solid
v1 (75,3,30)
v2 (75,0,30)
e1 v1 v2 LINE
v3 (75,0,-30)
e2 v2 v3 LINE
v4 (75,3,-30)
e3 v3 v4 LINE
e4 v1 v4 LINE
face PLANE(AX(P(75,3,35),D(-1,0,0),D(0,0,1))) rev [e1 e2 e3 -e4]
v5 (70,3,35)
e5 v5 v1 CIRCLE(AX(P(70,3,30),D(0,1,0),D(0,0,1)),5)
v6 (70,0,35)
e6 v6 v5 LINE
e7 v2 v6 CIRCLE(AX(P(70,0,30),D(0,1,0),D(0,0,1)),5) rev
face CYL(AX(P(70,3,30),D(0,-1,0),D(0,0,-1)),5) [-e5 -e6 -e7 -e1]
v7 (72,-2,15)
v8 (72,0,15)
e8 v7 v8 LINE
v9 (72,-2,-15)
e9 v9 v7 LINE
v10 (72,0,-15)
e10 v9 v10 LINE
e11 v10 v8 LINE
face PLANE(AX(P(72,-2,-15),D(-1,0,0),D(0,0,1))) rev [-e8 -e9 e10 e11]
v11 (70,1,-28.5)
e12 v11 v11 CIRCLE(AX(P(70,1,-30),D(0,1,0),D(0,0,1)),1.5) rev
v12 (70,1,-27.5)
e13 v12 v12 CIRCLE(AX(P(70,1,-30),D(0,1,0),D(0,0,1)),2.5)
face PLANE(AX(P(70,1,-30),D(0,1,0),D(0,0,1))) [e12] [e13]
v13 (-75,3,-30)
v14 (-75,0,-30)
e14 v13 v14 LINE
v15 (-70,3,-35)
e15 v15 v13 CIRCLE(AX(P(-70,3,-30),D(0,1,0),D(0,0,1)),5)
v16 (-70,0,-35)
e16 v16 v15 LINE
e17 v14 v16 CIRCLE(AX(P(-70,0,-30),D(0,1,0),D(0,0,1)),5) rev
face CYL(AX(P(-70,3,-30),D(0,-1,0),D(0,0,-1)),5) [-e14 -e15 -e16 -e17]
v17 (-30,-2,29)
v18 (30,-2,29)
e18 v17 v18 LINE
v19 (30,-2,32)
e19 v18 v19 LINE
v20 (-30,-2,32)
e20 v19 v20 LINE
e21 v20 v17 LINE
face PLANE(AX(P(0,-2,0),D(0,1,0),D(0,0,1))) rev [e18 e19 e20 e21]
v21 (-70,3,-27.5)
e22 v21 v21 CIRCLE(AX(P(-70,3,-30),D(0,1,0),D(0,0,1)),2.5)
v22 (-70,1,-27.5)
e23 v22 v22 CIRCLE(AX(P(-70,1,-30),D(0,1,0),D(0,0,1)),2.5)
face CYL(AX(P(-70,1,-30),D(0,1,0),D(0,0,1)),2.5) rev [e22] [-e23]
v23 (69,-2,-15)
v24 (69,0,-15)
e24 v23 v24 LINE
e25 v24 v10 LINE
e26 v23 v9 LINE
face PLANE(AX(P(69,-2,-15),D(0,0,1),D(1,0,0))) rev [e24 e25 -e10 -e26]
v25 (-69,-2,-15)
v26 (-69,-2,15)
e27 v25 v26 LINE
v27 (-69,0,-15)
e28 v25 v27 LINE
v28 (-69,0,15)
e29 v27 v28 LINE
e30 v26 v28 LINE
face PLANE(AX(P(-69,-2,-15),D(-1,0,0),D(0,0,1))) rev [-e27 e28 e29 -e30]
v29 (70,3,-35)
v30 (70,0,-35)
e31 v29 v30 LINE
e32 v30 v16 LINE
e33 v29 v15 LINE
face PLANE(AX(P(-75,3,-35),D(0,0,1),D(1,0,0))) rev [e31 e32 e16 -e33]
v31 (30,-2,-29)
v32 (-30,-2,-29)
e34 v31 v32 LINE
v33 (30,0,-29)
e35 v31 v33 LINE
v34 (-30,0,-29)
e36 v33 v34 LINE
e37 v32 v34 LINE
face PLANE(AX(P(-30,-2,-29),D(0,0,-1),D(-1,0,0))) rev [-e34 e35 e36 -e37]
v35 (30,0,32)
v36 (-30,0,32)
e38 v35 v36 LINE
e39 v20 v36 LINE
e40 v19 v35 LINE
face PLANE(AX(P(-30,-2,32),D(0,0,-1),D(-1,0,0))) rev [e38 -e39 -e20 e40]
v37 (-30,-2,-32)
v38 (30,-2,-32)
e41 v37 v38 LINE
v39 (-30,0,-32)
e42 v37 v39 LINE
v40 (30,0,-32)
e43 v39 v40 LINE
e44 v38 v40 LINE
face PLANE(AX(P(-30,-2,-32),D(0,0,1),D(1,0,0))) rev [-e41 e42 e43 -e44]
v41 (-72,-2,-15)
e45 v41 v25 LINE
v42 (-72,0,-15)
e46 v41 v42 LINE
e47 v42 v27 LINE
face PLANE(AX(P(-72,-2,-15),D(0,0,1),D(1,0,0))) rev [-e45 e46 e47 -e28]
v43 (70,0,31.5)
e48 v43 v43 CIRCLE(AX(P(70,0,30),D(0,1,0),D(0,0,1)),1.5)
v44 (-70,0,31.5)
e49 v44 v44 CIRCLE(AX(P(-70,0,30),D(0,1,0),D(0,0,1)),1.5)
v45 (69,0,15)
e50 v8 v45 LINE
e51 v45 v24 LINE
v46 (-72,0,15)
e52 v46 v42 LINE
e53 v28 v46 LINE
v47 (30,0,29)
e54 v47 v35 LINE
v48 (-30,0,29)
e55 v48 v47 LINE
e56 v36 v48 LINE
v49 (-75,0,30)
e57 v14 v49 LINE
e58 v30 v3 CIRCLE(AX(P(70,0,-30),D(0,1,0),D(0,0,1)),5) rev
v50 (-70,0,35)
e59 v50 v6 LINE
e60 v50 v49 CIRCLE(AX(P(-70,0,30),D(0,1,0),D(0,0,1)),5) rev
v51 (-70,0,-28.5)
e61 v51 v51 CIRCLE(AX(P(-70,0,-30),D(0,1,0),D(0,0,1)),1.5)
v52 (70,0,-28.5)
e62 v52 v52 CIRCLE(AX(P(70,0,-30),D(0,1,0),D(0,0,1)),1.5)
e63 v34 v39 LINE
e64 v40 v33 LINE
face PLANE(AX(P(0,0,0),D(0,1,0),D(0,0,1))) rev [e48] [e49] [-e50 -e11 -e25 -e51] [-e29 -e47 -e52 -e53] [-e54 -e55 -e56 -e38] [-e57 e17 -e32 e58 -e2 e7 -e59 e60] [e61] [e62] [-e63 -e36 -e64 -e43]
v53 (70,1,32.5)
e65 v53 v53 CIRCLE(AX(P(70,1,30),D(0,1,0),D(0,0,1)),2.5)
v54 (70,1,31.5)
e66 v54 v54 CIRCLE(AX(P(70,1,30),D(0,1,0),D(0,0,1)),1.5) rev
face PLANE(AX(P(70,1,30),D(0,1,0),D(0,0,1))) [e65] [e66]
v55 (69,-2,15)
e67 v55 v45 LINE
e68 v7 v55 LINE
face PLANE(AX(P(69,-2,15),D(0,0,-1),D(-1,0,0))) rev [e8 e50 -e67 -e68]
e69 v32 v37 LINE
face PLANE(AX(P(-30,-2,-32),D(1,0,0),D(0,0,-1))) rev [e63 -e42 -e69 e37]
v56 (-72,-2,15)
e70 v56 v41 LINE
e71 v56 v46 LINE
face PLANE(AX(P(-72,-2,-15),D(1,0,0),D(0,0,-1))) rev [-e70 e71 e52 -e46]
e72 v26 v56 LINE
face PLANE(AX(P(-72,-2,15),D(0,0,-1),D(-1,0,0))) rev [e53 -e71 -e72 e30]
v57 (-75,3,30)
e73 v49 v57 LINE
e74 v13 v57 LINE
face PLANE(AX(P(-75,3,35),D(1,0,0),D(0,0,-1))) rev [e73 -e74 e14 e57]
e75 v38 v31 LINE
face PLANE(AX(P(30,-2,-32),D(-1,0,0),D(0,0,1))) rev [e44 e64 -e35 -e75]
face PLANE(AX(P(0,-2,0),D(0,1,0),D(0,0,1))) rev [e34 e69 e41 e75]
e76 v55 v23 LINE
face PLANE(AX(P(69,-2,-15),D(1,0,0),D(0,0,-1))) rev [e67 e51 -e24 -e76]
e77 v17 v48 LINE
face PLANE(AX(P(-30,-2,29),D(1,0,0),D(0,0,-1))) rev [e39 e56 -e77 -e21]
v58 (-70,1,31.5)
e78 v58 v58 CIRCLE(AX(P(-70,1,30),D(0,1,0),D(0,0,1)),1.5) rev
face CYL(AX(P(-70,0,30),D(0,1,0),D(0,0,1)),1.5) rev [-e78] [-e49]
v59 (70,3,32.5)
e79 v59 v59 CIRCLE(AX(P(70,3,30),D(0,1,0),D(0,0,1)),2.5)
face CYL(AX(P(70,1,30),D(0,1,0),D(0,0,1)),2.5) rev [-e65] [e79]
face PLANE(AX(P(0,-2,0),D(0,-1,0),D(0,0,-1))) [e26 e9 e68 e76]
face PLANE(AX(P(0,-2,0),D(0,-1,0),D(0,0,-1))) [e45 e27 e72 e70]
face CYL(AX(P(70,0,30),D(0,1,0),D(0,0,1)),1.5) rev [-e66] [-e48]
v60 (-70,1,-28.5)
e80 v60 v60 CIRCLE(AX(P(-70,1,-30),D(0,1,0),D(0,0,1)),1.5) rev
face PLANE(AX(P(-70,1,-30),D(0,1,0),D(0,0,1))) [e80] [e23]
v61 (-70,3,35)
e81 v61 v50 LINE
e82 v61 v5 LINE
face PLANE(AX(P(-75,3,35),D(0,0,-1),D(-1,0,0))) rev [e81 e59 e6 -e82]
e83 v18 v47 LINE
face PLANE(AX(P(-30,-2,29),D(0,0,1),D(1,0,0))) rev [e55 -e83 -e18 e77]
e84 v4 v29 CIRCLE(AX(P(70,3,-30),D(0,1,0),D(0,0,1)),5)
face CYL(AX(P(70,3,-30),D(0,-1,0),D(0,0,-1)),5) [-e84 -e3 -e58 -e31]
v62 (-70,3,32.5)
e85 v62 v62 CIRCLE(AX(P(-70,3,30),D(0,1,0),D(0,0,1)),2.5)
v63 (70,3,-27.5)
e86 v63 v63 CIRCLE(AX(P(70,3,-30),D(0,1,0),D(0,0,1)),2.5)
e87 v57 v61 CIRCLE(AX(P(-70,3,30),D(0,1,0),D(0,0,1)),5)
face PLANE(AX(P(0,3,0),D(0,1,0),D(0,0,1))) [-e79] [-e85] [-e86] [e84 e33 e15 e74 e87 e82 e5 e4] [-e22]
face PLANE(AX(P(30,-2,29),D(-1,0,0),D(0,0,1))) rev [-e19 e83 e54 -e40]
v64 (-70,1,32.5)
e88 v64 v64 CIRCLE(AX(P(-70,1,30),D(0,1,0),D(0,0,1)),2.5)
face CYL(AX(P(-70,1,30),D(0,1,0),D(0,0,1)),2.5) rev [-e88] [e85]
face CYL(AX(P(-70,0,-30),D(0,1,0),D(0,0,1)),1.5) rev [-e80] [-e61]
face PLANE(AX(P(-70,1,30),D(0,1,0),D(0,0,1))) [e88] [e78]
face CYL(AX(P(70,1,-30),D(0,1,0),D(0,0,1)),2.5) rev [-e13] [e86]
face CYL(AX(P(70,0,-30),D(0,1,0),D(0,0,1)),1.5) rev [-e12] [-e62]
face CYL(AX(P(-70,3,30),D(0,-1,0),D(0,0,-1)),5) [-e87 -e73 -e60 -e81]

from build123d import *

# Parameters (mm, degrees)
SKETCH_1_W          = 150
SKETCH_1_H          = 70
EXTRUDE_1_DEPTH     = 3
FILLET_1_R          = 5
SKETCH_2_R          = 1.5
CUT_EXTRUDE_1_DEPTH = 3
SKETCH_3_R          = 2.5
CUT_EXTRUDE_2_DEPTH = 2
SKETCH_4_W          = 3
SKETCH_4_H          = 30
SKETCH_4_W_2        = 60
SKETCH_4_H_2        = 3
EXTRUDE_2_DEPTH     = 2


with BuildPart() as part:
    # Эскиз1 → Бобышка-Вытянуть1 (new body)
    with BuildSketch(Plane(origin=(0, 0, 0), x_dir=(1, 0, 0), z_dir=(0, 1, 0))):
        Rectangle(SKETCH_1_W, SKETCH_1_H)
    extrude(amount=EXTRUDE_1_DEPTH)

    # Скругление1
    fillet_1_edges = [part.edges().sort_by_distance(p)[0] for p in [
        (75, 1.5, -35),
        (75, 1.5, 35),
        (-75, 1.5, 35),
        (-75, 1.5, -35),
    ]]
    fillet(fillet_1_edges, radius=FILLET_1_R)

    # Эскиз2 → Вырез-Вытянуть1 (cut)
    with BuildSketch(Plane(origin=(0, 3, 0), x_dir=(1, 0, 0), z_dir=(0, 1, 0))):
        with Locations(Location((-70, 30, 0), (0, 0, 270))):
            Circle(SKETCH_2_R)
        with Locations(Location((70, 30, 0), (0, 0, 270))):
            Circle(SKETCH_2_R)
        with Locations(Location((70, -30, 0), (0, 0, 270))):
            Circle(SKETCH_2_R)
        with Locations(Location((-70, -30, 0), (0, 0, 270))):
            Circle(SKETCH_2_R)
    extrude(amount=-CUT_EXTRUDE_1_DEPTH, mode=Mode.SUBTRACT)

    # Эскиз3 → Вырез-Вытянуть2 (cut)
    with BuildSketch(Plane(origin=(0, 3, 0), x_dir=(1, 0, 0), z_dir=(0, 1, 0))):
        with Locations(Location((-70, 30, 0), (0, 0, 270))):
            Circle(SKETCH_3_R)
        with Locations(Location((70, 30, 0), (0, 0, 270))):
            Circle(SKETCH_3_R)
        with Locations(Location((70, -30, 0), (0, 0, 270))):
            Circle(SKETCH_3_R)
        with Locations(Location((-70, -30, 0), (0, 0, 270))):
            Circle(SKETCH_3_R)
    extrude(amount=-CUT_EXTRUDE_2_DEPTH, mode=Mode.SUBTRACT)

    # Эскиз4 → Бобышка-Вытянуть2 (add)
    with BuildSketch(Plane.XZ):
        with Locations((-70.5, 0)):
            Rectangle(SKETCH_4_W, SKETCH_4_H)
        with Locations((0, -30.5)):
            Rectangle(SKETCH_4_W_2, SKETCH_4_H_2)
        with Locations((70.5, 0)):
            Rectangle(SKETCH_4_W, SKETCH_4_H)
        with Locations((0, 30.5)):
            Rectangle(SKETCH_4_W_2, SKETCH_4_H_2)
    extrude(amount=EXTRUDE_2_DEPTH)


solid = part.part
